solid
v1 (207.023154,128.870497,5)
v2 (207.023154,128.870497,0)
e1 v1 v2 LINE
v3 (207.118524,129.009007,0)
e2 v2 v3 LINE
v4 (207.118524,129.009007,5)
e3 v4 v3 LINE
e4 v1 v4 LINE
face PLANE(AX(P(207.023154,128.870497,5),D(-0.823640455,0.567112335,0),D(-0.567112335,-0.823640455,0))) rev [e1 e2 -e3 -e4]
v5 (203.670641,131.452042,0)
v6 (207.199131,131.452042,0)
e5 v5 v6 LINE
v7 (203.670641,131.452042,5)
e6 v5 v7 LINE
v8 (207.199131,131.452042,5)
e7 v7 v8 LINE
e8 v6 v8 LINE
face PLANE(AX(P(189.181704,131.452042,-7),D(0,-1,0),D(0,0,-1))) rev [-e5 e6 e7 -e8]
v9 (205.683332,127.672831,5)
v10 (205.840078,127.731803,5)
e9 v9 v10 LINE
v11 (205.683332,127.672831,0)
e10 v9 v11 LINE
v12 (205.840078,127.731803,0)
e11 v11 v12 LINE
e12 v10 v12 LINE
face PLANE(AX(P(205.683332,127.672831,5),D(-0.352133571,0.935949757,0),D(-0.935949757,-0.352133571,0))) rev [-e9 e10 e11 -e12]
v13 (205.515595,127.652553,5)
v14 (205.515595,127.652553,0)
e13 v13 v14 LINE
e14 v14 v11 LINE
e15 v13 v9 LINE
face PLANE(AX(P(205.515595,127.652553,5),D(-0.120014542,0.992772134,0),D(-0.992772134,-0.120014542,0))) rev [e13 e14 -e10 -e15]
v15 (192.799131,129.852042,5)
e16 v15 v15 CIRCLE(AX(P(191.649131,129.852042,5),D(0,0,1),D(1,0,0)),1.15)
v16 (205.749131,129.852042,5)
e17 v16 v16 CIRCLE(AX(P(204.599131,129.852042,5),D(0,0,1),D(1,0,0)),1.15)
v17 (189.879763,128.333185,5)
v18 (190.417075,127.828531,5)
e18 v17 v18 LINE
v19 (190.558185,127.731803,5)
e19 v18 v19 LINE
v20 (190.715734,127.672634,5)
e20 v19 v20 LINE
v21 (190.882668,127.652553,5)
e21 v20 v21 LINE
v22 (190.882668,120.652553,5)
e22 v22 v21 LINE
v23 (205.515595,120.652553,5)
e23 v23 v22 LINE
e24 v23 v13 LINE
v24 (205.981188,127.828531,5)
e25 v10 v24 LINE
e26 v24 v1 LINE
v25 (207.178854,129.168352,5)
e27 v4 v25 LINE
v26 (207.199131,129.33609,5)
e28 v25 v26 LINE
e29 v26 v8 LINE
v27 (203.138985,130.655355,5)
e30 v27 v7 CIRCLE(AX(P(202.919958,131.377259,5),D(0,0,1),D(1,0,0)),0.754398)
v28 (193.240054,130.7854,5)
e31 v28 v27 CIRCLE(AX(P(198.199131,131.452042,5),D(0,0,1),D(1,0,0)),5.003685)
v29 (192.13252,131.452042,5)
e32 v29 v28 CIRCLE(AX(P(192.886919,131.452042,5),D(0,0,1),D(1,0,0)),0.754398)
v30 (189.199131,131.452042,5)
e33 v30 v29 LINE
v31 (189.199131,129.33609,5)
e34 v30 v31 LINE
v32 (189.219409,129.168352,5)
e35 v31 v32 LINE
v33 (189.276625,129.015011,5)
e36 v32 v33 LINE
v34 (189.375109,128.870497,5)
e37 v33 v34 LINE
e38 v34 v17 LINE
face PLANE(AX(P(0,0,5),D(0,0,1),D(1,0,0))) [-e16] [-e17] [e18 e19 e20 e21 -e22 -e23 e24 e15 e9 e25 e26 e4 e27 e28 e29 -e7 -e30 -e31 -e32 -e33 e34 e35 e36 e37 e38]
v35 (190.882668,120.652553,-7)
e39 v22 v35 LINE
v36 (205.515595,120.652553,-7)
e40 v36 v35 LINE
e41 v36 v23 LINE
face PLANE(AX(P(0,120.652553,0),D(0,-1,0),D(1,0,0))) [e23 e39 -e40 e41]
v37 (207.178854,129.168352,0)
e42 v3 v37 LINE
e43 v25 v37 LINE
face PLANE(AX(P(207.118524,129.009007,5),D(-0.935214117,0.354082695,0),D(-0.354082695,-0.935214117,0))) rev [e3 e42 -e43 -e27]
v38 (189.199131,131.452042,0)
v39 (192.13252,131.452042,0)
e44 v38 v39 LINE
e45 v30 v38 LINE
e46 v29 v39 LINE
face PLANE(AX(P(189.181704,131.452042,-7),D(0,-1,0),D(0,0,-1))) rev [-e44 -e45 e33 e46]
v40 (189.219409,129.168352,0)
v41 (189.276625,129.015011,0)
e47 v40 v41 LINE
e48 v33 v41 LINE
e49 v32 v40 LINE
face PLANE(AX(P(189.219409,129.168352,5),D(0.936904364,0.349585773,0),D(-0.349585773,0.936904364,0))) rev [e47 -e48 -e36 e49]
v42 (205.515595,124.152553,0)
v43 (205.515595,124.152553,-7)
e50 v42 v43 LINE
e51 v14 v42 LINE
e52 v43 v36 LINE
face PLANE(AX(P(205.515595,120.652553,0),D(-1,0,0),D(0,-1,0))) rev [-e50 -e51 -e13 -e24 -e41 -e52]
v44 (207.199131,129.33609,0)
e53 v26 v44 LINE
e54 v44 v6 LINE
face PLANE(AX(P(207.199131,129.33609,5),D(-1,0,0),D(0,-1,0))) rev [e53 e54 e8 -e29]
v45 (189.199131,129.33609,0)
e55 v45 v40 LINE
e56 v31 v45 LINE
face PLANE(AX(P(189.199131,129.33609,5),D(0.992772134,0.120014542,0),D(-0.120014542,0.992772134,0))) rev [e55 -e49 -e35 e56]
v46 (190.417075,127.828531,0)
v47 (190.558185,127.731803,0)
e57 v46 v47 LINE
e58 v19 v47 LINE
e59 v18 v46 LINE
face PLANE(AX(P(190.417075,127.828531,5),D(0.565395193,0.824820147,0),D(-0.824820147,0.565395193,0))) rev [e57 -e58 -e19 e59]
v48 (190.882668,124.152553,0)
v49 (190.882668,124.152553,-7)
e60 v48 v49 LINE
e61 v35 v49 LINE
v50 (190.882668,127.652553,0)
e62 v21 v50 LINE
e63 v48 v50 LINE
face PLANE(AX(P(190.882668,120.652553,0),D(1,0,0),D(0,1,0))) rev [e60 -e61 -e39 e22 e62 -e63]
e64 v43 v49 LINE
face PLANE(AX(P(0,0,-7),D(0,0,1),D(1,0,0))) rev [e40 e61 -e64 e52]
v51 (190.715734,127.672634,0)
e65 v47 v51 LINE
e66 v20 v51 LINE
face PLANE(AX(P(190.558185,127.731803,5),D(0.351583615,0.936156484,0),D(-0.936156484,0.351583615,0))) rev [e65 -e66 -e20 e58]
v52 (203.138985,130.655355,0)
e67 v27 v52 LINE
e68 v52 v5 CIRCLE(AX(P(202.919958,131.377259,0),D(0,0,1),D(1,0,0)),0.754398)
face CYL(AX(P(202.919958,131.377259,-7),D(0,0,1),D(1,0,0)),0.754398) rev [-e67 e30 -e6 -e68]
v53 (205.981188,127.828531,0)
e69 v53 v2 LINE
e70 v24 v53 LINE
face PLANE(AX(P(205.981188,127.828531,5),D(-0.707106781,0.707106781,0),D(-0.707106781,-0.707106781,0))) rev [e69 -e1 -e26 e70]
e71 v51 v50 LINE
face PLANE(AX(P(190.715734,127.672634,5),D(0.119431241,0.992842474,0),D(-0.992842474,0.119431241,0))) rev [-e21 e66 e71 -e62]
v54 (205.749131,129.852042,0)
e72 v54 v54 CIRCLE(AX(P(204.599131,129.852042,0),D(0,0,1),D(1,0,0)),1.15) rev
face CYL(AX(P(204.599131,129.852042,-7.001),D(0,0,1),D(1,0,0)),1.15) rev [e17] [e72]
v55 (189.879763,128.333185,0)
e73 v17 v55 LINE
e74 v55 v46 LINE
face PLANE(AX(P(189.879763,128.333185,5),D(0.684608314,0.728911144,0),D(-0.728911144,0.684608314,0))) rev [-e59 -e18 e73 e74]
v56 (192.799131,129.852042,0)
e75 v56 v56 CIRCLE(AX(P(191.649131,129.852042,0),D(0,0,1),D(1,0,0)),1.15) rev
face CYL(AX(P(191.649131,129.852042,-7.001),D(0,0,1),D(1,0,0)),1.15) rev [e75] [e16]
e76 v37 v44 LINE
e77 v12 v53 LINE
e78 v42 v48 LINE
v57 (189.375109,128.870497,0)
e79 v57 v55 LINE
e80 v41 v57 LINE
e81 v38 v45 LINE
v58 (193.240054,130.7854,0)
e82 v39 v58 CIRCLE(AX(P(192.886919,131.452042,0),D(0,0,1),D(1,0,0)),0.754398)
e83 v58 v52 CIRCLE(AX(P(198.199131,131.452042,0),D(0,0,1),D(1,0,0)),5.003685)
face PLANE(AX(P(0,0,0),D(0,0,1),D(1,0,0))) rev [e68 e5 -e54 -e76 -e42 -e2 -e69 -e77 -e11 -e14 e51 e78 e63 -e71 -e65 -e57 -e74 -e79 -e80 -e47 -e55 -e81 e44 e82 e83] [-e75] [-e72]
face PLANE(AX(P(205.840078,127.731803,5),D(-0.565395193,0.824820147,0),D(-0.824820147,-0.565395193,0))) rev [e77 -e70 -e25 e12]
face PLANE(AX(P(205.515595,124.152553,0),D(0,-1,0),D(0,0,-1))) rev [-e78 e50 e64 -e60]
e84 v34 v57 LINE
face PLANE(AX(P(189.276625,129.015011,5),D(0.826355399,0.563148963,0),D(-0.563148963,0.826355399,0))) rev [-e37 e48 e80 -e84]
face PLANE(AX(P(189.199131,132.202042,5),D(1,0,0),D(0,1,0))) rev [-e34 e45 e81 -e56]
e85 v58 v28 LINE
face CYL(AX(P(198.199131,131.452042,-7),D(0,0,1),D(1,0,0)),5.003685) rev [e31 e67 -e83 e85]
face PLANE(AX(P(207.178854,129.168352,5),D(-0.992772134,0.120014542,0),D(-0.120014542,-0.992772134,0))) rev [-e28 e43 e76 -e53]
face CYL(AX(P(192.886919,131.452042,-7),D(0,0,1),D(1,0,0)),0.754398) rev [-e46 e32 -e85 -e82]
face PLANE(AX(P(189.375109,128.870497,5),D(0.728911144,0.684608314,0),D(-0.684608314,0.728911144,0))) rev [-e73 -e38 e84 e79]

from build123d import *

# Parameters (mm, degrees)
FACE_2_DEPTH           = 5
SKETCH2_W              = 14.632926246
SKETCH2_H              = 5
BOSS_EXTRUDE2_DEPTH    = 7
SKETCH3_W              = 14.632926246
SKETCH3_H              = 7
BOSS_EXTRUDE3_DEPTH    = 7
EYE_HOLES_REACH        = 248.075
SKETCH4_R              = 1.15
SKETCH5_W              = 14.632926246
SKETCH5_H              = 3.5
SEAT_DEPTH             = 7
SKETCH6_W              = 18
SKETCH6_H              = 5
BOSS_EXTRUDE4_DEPTH    = 3.5
SKETCH7_W              = 18.025006546
SKETCH7_H              = 4.25
TOP_HOLE_DEPTH         = 248.972829901
MIDDLE_HOLE_DEPTH      = 246.672789516
MIDDLE_HOLE_DEPTH_BACK = 246.672789516
SKETCH8_R              = 5.003684601
SKETCH11_R             = 0.754398486
CUT_EXTRUDE9_DEPTH     = 246.672789516


with BuildPart() as part:
    # Sketch1 → Face 2 (new body)
    with BuildSketch(Plane.XY):
        Polygon((189.199131389, 129.336090234), (189.219408928, 129.168352428), (189.276625012, 129.01501095), (189.375109043, 128.870497126), (189.879763338, 128.333185306), (190.417075159, 127.828531011), (190.558185088, 127.731803407), (190.715733881, 127.672634267), (190.882668266, 127.652553357), (205.515594512, 127.652553357), (205.683332318, 127.672830896), (205.84007769, 127.731803407), (205.98118762, 127.828531011), (207.023153735, 128.870497126), (207.118523911, 129.009007135), (207.17885385, 129.168352428), (207.199131389, 129.336090234), (207.199131389, 132.202042434), (189.199131389, 132.202042434), align=None)
    extrude(amount=FACE_2_DEPTH)

    # Sketch2 → Boss-Extrude2 (add)
    with BuildSketch(Plane.XZ.offset(-127.652553357)):
        with Locations((198.199131389, 2.5)):
            Rectangle(SKETCH2_W, SKETCH2_H)
    extrude(amount=BOSS_EXTRUDE2_DEPTH)

    # Sketch3 → Boss-Extrude3 (add)
    with BuildSketch(Plane(origin=(0, 0, 0), x_dir=(-1, 0, 0), z_dir=(0, 0, -1))):
        with Locations((-198.199131389, 124.152553357)):
            Rectangle(SKETCH3_W, SKETCH3_H)
    extrude(amount=BOSS_EXTRUDE3_DEPTH)

    # Sketch4 → Eye Holes (cut, up to next)
    with BuildSketch(Plane.XY.offset(5), mode=Mode.PRIVATE) as eye_holes_sk1:
        with Locations((191.649131389, 129.852042434)):
            Circle(SKETCH4_R)
    eye_holes_tool1 = extrude(eye_holes_sk1.sketch, amount=-EYE_HOLES_REACH, mode=Mode.PRIVATE) & part.part
    # Sketch4 → Eye Holes (cut, up to next)
    with BuildSketch(Plane.XY.offset(5), mode=Mode.PRIVATE) as eye_holes_sk2:
        with Locations((204.599131389, 129.852042434)):
            Circle(SKETCH4_R)
    eye_holes_tool2 = extrude(eye_holes_sk2.sketch, amount=-EYE_HOLES_REACH, mode=Mode.PRIVATE) & part.part
    add(eye_holes_tool1.solids().sort_by_distance((191.649131, 129.852042, 5))[0], mode=Mode.SUBTRACT)
    add(eye_holes_tool2.solids().sort_by_distance((204.599131, 129.852042, 5))[0], mode=Mode.SUBTRACT)

    # Sketch5 → Seat (cut)
    with BuildSketch(Plane(origin=(0, 0, -7), x_dir=(-1, 0, 0), z_dir=(0, 0, -1))):
        with Locations((-198.199131389, 125.902553357)):
            Rectangle(SKETCH5_W, SKETCH5_H)
    extrude(amount=-SEAT_DEPTH, mode=Mode.SUBTRACT)

    # Sketch6 → Boss-Extrude4 (add)
    with BuildSketch(Plane(origin=(0, 132.202042434, 0), x_dir=(1, 0, 0), z_dir=(0, 1, 0))):
        with Locations((198.199131389, -2.5)):
            Rectangle(SKETCH6_W, SKETCH6_H)
    extrude(amount=BOSS_EXTRUDE4_DEPTH)

    # Sketch7 → Top Hole (cut, through all)
    with BuildSketch(Plane.XY.offset(5)):
        with Locations((198.194207579, 133.577042434)):
            Rectangle(SKETCH7_W, SKETCH7_H)
    extrude(amount=-TOP_HOLE_DEPTH, mode=Mode.SUBTRACT)

    # Sketch8 → Middle Hole (cut, two sides: drawn at the far end of the back side and taken through both)
    with BuildSketch(Plane.XY.offset(5).offset(-MIDDLE_HOLE_DEPTH_BACK)):
        with Locations((198.199131389, 131.452042434)):
            Circle(SKETCH8_R)
    extrude(amount=MIDDLE_HOLE_DEPTH + MIDDLE_HOLE_DEPTH_BACK, mode=Mode.SUBTRACT)

    # Sketch11 → Cut-Extrude9 (cut, through all)
    with BuildSketch(Plane.XY.offset(5)):
        with Locations((192.88691871, 131.452042434)):
            Circle(SKETCH11_R)
        with Locations((202.919958348, 131.377258625)):
            Circle(SKETCH11_R)
    extrude(amount=-CUT_EXTRUDE9_DEPTH, mode=Mode.SUBTRACT)


solid = part.part
